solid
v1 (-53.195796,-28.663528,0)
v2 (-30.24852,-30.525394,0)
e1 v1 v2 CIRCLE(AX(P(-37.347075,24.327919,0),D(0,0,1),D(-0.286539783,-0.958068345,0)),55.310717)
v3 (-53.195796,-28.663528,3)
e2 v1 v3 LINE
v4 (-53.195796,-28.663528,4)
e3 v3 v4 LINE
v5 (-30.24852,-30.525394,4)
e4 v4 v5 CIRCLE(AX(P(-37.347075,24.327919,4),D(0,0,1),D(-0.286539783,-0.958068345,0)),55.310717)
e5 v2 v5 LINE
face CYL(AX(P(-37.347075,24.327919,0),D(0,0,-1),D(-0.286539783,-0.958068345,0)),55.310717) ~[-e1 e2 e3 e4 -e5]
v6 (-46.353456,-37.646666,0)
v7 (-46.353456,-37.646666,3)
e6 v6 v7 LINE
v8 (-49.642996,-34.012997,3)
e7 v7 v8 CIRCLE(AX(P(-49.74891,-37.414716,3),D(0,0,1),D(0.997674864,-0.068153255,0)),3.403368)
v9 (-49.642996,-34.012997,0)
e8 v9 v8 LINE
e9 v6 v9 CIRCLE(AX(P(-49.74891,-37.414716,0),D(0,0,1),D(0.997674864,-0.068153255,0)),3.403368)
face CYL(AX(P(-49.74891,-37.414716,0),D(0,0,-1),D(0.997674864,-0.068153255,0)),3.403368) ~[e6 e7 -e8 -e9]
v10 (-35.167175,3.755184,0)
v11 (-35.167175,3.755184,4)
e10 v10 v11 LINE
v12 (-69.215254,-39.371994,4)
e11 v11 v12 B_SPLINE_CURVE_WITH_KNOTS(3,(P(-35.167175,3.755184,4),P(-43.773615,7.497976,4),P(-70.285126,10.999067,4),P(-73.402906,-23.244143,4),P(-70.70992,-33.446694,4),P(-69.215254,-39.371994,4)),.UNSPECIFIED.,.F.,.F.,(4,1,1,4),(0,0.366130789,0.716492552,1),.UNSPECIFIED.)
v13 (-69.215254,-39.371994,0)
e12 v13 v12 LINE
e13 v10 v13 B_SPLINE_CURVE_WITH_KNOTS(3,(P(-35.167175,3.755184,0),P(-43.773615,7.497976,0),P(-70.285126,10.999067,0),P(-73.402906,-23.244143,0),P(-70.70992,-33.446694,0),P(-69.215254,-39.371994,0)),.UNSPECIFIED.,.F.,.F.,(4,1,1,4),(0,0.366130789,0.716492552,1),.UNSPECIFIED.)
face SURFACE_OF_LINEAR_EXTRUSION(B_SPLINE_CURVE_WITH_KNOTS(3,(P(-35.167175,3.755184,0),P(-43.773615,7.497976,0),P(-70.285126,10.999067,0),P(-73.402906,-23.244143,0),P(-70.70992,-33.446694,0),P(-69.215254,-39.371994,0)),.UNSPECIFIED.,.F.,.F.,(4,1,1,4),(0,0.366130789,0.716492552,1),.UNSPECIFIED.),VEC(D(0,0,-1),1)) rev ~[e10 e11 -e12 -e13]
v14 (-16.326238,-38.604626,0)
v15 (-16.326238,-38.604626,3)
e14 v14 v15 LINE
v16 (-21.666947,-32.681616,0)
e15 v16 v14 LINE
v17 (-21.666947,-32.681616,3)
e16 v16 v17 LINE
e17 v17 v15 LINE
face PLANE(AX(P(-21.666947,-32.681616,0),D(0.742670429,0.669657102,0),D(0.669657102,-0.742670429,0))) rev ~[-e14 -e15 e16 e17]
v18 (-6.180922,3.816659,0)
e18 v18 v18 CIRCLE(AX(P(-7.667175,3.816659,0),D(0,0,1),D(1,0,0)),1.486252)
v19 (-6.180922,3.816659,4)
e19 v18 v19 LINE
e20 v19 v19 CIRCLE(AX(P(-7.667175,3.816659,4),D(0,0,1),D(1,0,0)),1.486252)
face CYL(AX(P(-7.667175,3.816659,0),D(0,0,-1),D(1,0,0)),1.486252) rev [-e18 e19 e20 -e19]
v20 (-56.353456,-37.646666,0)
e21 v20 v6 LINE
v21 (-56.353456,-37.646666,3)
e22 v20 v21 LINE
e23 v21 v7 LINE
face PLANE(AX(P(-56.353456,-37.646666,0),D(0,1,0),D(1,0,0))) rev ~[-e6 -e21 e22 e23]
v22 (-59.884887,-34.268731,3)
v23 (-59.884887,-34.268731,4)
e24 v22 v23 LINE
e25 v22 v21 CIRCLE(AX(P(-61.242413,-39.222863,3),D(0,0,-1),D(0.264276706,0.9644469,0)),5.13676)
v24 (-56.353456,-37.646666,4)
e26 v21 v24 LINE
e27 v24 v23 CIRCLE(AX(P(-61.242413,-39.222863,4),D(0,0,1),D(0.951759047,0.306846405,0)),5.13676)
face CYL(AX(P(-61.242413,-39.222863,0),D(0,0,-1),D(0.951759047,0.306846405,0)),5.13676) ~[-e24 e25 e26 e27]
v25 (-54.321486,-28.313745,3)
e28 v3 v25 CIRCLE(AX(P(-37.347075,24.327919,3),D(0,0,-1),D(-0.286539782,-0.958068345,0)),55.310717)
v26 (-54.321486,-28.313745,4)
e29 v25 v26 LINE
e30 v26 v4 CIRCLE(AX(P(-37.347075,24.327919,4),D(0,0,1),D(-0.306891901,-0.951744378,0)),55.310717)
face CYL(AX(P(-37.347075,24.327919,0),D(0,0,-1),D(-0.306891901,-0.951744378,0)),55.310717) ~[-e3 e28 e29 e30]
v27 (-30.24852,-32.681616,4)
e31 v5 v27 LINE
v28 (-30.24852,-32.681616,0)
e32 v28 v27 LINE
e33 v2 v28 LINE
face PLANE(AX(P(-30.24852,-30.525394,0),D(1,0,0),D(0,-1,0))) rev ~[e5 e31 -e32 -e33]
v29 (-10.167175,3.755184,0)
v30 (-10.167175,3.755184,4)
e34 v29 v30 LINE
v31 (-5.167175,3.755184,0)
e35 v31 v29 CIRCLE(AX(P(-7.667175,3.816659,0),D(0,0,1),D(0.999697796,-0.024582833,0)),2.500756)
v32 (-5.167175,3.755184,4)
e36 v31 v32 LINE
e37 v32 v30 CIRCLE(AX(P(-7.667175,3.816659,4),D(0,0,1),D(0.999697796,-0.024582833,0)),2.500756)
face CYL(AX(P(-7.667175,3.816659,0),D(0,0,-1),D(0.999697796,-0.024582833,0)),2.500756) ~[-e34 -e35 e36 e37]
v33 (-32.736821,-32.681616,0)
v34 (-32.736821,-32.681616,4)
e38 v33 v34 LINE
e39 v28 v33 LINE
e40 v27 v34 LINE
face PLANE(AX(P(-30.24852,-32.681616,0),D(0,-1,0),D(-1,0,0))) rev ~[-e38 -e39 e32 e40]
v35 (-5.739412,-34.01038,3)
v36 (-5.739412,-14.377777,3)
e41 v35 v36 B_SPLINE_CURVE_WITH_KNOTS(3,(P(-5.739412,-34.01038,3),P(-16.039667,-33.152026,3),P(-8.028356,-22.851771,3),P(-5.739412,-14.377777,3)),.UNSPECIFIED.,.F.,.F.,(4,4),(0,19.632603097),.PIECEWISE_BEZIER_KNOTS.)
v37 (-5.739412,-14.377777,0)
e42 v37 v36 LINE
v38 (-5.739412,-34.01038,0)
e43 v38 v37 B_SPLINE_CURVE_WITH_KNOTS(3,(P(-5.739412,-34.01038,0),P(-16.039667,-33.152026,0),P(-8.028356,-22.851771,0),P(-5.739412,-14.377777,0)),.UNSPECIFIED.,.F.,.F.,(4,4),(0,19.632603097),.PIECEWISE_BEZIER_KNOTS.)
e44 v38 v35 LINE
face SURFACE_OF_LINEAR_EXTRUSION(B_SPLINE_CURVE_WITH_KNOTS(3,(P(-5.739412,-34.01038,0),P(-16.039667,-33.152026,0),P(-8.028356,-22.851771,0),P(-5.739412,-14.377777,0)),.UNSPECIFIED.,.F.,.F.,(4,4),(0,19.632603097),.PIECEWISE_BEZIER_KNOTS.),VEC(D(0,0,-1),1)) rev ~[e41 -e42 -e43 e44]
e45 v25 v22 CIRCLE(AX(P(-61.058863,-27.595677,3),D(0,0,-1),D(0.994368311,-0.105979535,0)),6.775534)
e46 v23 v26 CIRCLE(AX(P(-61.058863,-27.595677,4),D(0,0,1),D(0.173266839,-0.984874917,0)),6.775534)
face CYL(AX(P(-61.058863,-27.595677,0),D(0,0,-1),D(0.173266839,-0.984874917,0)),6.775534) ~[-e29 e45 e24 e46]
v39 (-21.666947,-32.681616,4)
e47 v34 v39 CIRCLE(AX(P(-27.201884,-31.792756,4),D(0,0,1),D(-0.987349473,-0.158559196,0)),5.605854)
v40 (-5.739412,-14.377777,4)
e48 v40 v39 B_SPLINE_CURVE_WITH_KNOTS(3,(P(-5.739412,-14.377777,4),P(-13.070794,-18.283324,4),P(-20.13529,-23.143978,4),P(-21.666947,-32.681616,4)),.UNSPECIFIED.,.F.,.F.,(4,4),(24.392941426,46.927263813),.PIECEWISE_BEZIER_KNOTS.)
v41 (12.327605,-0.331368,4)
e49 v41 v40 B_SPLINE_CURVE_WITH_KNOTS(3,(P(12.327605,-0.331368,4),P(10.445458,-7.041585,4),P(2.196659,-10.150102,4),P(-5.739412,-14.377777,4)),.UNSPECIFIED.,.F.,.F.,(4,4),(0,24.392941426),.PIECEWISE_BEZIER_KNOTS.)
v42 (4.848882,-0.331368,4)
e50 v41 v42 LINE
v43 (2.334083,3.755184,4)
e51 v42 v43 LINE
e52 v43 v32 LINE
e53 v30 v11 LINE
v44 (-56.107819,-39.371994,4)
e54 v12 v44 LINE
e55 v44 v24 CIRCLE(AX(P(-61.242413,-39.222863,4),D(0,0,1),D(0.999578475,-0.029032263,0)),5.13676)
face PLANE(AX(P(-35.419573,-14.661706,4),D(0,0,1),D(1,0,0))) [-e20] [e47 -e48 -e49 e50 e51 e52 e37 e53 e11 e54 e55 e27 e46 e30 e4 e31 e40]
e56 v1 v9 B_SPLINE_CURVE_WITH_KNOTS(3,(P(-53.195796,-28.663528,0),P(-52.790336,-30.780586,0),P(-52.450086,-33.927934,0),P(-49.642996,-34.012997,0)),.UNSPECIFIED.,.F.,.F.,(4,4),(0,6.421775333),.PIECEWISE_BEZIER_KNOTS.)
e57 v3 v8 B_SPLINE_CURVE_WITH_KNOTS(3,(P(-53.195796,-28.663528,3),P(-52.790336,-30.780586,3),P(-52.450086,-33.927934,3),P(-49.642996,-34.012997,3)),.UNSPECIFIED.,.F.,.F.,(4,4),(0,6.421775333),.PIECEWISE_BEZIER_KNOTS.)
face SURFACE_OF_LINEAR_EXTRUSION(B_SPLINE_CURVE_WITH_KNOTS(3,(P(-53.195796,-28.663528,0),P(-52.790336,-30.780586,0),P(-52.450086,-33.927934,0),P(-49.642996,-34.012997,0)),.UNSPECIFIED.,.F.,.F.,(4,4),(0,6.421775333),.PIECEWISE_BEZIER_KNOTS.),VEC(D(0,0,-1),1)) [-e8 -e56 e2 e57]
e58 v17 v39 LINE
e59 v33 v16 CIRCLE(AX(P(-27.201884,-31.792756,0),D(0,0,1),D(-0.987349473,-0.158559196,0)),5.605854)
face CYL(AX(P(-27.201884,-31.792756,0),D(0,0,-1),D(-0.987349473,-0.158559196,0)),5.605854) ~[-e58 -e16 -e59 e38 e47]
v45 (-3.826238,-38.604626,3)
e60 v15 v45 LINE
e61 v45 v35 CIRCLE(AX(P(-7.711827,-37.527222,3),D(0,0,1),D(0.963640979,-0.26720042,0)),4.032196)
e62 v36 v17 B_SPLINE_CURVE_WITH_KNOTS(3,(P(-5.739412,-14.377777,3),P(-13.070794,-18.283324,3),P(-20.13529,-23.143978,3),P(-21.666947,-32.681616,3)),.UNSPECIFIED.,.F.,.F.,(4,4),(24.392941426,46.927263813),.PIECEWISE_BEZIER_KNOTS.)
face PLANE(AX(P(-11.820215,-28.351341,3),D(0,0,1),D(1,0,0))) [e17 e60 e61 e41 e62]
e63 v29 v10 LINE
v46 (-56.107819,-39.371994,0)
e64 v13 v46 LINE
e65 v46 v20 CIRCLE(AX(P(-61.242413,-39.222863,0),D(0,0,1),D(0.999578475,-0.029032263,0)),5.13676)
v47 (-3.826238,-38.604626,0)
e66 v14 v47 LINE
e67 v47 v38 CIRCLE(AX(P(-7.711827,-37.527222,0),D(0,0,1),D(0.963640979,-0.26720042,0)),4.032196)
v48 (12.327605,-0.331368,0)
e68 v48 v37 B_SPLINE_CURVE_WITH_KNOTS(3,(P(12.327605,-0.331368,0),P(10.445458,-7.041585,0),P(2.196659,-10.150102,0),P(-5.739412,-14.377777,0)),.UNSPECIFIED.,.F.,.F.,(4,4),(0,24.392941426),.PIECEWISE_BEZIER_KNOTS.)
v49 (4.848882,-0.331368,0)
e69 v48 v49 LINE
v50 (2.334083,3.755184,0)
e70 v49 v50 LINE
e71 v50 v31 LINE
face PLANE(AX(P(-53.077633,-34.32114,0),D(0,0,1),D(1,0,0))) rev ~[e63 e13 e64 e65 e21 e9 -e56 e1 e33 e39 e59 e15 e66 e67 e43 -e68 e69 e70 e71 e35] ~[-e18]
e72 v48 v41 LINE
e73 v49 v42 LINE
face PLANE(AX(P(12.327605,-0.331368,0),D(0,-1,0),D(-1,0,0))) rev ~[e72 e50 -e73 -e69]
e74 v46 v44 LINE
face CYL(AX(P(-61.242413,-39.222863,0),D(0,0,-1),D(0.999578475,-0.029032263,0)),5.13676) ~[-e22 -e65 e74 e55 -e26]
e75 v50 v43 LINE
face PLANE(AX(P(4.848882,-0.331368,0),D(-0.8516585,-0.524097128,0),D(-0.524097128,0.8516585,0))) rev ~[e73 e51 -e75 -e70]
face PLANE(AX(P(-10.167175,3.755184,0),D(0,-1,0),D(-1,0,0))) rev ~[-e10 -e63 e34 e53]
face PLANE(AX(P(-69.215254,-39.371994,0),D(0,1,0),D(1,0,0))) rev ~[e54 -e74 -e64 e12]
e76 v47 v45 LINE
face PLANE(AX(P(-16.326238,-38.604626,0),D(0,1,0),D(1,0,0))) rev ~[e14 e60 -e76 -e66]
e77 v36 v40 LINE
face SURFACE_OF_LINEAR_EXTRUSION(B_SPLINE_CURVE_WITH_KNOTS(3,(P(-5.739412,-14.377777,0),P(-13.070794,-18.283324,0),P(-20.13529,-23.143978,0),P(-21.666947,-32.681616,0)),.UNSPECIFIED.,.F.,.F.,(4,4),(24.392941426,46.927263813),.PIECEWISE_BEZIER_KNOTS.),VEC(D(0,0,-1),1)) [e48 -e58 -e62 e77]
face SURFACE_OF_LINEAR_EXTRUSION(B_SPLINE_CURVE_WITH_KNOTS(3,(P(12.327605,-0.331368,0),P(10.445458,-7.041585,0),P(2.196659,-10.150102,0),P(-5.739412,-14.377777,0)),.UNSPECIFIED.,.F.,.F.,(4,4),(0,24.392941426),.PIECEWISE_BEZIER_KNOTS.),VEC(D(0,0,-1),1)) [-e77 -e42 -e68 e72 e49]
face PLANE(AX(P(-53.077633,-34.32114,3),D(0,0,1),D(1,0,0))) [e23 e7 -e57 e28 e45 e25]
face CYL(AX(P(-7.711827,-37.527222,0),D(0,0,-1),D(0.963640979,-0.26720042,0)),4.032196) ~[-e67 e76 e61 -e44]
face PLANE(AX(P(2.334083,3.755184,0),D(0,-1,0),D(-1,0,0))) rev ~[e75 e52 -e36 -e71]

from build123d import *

# Parameters (mm, degrees)
F0_R     = 1.4862523745
F1_DEPTH = 4
F2_DEPTH = 3
F3_DEPTH = 3


with BuildPart() as f1:
    # F0 (on Top) → F1 (new body)
    with BuildSketch(Plane.XY):
        with BuildLine():
            Line((-10.1671746484, 3.7551838017), (-35.1671746484, 3.7551838017))
            add(Edge.make_bspline(
                [(-35.1671746484, 3.7551838017), (-43.7736152968, 7.4979759796), (-70.2851257062, 10.9990665801), (-73.4029060945, -23.2441431133), (-70.7099200787, -33.4466943679), (-69.2152544823, -39.3719944128)],
                knots=[0, 0, 0, 0, 0.3661307892, 0.7164925517, 1, 1, 1, 1], degree=3))
            Line((-69.2152544823, -39.3719944128), (-56.1078186444, -39.3719944128))
            ThreePointArc((-56.1078186444, -39.3719944128), (-56.1569349649, -38.4988373447), (-56.3534555565, -37.6466663903))
            ThreePointArc((-56.3534555565, -37.6466663903), (-57.6917439524, -35.5108484831), (-59.884887178, -34.2687306321))
            ThreePointArc((-59.884887178, -34.2687306321), (-56.1078186444, -32.2211528946), (-54.3214860669, -28.313744902))
            ThreePointArc((-54.3214860669, -28.313744902), (-53.7595727922, -28.491635387), (-53.1957958202, -28.6635280246))
            ThreePointArc((-53.1957958202, -28.6635280246), (-41.8201040172, -30.8016322472), (-30.2485204599, -30.5253938728))
            Line((-30.2485204599, -30.5253938728), (-30.2485204599, -32.681615501))
            Line((-30.2485204599, -32.681615501), (-32.7368205489, -32.681615501))
            ThreePointArc((-32.7368205489, -32.681615501), (-27.2018837, -37.3986096779), (-21.6669468511, -32.681615501))
            add(Edge.make_bspline(
                [(-5.7394118345, -14.3777765672), (-13.0707943254, -18.2833237753), (-20.1352904501, -23.1439779435), (-21.6669468511, -32.681615501)],
                knots=[24.392941426, 24.392941426, 24.392941426, 24.392941426, 46.9272638126, 46.9272638126, 46.9272638126, 46.9272638126], degree=3))
            add(Edge.make_bspline(
                [(12.3276051616, -0.3313678606), (10.4454575301, -7.0415850589), (2.196659222, -10.1501018829), (-5.7394118345, -14.3777765672)],
                knots=[0, 0, 0, 0, 24.392941426, 24.392941426, 24.392941426, 24.392941426], degree=3))
            Line((12.3276051616, -0.3313678606), (4.8488824078, -0.3313678606))
            Line((4.8488824078, -0.3313678606), (2.3340833525, 3.7551838017))
            Line((2.3340833525, 3.7551838017), (-5.1671746484, 3.7551838017))
            ThreePointArc((-5.1671746484, 3.7551838017), (-7.6671746484, 6.3174152001), (-10.1671746484, 3.7551838017))
        make_face()
        with Locations((-7.6671746484, 3.8166594629)):
            Circle(F0_R, mode=Mode.SUBTRACT)
    extrude(amount=F1_DEPTH)

    # F0 (on Top) → F2 (join)
    with BuildSketch(Plane.XY):
        with BuildLine():
            add(Edge.make_bspline(
                [(-5.7394118345, -34.010379664), (-16.0396672151, -33.1520262131), (-8.0283559224, -22.8517708325), (-5.7394118345, -14.3777765672)],
                knots=[0, 0, 0, 0, 19.6326030967, 19.6326030967, 19.6326030967, 19.6326030967], degree=3))
            add(Edge.make_bspline(
                [(-5.7394118345, -14.3777765672), (-13.0707943254, -18.2833237753), (-20.1352904501, -23.1439779435), (-21.6669468511, -32.681615501)],
                knots=[24.392941426, 24.392941426, 24.392941426, 24.392941426, 46.9272638126, 46.9272638126, 46.9272638126, 46.9272638126], degree=3))
            Line((-21.6669468511, -32.681615501), (-16.3262384489, -38.6046262244))
            Line((-16.3262384489, -38.6046262244), (-3.8262384489, -38.6046262244))
            ThreePointArc((-3.8262384489, -38.6046262244), (-3.9894854664, -35.9771340072), (-5.7394118345, -34.010379664))
        make_face()
    extrude(amount=F2_DEPTH)

    # F0 (on Top) → F3 (join)
    with BuildSketch(Plane.XY):
        with BuildLine():
            ThreePointArc((-59.884887178, -34.2687306321), (-57.6917439524, -35.5108484831), (-56.3534555565, -37.6466663903))
            Line((-56.3534555565, -37.6466663903), (-46.3534555565, -37.6466663903))
            ThreePointArc((-46.3534555565, -37.6466663903), (-47.2258595313, -35.1306124978), (-49.6429964265, -34.0129966804))
            add(Edge.make_bspline(
                [(-53.1957958202, -28.6635280246), (-52.7903358749, -30.7805855715), (-52.4500864855, -33.927934333), (-49.6429964265, -34.0129966804)],
                knots=[0, 0, 0, 0, 6.4217753333, 6.4217753333, 6.4217753333, 6.4217753333], degree=3))
            ThreePointArc((-53.1957958202, -28.6635280246), (-53.7595727922, -28.491635387), (-54.3214860669, -28.313744902))
            ThreePointArc((-54.3214860669, -28.313744902), (-56.1078186444, -32.2211528946), (-59.884887178, -34.2687306321))
        make_face()
    extrude(amount=F3_DEPTH)


solid = f1.part
